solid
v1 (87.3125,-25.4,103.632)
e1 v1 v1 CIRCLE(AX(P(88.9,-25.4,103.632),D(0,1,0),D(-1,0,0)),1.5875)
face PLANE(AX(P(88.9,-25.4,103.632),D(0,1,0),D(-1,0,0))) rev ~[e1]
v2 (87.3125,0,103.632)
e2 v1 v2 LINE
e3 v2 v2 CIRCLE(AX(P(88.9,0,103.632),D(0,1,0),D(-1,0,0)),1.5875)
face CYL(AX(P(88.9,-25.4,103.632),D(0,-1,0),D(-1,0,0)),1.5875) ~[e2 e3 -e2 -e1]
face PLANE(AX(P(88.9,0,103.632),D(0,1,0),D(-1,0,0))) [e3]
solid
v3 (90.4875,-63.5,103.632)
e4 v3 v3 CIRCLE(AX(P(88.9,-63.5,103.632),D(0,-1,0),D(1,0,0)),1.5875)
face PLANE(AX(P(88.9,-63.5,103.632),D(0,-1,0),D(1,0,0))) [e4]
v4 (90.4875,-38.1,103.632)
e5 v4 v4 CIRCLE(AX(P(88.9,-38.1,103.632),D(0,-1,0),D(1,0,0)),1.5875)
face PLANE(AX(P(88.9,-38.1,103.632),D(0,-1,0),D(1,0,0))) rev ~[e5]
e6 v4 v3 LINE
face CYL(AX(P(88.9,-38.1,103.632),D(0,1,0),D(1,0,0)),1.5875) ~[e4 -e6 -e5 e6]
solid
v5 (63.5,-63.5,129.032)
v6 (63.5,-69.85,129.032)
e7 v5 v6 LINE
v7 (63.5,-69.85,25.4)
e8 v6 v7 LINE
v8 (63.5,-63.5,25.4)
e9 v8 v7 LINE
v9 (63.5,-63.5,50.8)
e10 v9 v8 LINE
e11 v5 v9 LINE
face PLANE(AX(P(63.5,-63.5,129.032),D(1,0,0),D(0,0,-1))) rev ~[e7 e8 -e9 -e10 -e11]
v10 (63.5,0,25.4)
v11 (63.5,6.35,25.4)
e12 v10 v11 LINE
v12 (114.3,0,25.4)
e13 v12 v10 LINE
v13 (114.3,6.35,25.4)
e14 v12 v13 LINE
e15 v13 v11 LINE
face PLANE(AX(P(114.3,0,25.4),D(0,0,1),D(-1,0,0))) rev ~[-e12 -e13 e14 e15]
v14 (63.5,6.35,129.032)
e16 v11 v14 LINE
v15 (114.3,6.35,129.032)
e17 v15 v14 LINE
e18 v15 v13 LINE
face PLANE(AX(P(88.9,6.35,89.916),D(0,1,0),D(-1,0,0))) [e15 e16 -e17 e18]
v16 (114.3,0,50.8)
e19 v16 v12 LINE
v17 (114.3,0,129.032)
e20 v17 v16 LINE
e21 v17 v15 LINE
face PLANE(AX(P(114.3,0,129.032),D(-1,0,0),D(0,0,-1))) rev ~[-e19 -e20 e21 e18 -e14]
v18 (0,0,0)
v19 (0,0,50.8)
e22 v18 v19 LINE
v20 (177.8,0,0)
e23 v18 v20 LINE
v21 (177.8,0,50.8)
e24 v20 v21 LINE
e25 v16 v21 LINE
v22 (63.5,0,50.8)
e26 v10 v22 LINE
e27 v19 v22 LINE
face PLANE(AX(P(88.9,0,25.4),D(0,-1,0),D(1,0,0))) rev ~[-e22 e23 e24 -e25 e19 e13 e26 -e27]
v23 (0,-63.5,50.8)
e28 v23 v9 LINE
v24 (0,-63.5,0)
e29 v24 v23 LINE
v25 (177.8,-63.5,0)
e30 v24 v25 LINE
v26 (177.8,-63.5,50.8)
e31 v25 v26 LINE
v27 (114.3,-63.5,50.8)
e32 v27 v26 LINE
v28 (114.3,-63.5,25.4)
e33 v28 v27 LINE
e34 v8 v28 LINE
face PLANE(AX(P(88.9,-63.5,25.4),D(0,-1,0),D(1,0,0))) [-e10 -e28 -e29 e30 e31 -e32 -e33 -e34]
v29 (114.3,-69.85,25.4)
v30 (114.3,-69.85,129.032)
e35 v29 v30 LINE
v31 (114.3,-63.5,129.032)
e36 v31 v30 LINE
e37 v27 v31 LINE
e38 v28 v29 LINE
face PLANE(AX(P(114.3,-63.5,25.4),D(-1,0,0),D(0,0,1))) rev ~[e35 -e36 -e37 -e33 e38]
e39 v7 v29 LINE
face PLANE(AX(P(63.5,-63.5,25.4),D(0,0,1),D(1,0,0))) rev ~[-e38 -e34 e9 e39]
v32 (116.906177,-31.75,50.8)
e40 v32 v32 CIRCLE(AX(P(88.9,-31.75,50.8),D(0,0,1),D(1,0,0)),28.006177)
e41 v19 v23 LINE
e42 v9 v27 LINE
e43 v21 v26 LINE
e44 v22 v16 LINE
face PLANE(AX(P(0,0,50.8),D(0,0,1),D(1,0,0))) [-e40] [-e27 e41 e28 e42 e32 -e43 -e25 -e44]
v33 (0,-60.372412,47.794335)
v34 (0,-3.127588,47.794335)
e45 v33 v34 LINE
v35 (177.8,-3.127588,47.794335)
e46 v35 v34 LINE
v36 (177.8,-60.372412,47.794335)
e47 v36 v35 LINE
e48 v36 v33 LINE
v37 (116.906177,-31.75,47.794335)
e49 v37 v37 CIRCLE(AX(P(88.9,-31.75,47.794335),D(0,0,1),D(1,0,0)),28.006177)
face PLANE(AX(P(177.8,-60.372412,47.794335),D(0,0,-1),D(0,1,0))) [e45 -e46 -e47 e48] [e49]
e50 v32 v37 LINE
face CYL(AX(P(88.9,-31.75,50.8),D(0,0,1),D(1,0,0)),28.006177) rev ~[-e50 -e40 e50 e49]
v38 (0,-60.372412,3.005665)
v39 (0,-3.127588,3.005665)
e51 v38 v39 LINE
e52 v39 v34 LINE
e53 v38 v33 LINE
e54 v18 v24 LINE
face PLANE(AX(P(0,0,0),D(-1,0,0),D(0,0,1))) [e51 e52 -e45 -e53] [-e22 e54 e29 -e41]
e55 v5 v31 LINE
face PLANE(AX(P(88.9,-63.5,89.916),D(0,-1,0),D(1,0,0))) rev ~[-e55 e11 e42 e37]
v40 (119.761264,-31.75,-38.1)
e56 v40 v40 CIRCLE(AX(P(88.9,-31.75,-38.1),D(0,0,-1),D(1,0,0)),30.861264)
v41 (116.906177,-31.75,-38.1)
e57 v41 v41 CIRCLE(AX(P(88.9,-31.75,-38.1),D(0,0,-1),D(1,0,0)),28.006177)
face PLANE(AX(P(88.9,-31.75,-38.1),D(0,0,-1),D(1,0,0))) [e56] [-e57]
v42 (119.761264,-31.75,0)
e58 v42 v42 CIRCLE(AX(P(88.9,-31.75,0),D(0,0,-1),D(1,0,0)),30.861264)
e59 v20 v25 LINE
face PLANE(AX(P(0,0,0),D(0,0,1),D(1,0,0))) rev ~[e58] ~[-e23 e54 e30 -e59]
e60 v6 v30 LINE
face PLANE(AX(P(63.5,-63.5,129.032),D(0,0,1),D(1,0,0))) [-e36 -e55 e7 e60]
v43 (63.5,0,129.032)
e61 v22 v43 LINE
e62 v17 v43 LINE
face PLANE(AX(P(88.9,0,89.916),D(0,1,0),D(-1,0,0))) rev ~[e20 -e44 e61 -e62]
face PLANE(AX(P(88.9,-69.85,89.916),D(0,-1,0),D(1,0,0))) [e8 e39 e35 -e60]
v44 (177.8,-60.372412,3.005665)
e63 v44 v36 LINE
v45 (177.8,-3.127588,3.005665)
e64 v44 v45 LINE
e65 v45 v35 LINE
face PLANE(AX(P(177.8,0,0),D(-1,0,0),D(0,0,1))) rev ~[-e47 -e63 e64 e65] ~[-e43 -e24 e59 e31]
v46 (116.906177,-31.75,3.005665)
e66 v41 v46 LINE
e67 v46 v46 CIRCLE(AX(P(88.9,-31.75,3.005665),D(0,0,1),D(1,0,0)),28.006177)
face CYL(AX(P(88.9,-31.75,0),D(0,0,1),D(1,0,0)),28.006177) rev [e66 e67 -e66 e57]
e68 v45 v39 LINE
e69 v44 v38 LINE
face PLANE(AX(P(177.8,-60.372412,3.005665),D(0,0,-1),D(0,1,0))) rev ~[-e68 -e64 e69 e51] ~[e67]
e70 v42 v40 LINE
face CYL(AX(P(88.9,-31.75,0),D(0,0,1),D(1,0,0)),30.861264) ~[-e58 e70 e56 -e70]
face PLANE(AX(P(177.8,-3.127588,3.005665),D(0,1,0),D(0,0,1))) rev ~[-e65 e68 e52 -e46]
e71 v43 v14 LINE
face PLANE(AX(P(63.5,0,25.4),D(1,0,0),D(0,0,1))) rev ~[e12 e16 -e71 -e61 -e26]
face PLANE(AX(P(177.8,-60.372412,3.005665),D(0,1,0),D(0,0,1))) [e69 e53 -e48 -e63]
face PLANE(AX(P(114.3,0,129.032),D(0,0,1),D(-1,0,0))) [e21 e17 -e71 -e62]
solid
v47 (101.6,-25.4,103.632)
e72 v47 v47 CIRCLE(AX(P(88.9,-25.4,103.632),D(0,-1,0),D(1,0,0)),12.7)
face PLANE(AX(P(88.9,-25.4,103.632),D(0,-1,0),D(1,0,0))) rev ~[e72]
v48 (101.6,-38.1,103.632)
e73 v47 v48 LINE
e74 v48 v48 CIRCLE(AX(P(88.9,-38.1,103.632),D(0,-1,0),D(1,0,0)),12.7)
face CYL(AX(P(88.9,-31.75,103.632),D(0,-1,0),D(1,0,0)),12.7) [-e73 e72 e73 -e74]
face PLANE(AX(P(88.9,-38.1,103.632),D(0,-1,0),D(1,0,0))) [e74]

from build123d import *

# Parameters (mm, degrees)
F0_W      = 177.8
F0_H      = 50.8
F1_DEPTH  = 63.5
F2_W      = 50.8
F2_H      = 78.232
F3_DEPTH  = 6.35
F4_W      = 50.8
F4_H      = 78.232
F4_H_2    = 25.4
F5_DEPTH  = 6.35
F6_W      = 57.2448244095
F6_H      = 44.7886691809
F7_DEPTH  = 177.8
F8_R      = 28.0061768785
F9_DEPTH  = 50.801
F10_R     = 30.8612642365
F10_R_2   = 28.0061768785
F11_DEPTH = 38.1
F14_R     = 12.7
F15_DEPTH = 6.35
F16_R     = 1.5875
F17_DEPTH = 25.4
F18_R     = 1.5875
F19_DEPTH = 25.4


with BuildPart() as f1:
    # F0 (on Front) → F1 (new body)
    with BuildSketch(Plane.XZ):
        with Locations((88.9, 25.4)):
            Rectangle(F0_W, F0_H)
    extrude(amount=F1_DEPTH)

    # F2 (on face) → F3 (join)
    with BuildSketch(Plane.XZ.offset(63.5)):
        with Locations((88.9, 89.916)):
            Rectangle(F2_W, F2_H)
        Polygon((63.5, 25.4), (88.9, 25.4), (114.3, 25.4), (114.3, 50.8), (63.5, 50.8), align=None)
    extrude(amount=F3_DEPTH)

    # F4 (on face) → F5 (join)
    with BuildSketch(Plane(origin=(0, 0, 0), x_dir=(-1, 0, 0), z_dir=(0, 1, 0))):
        with Locations((-88.9, 89.916)):
            Rectangle(F4_W, F4_H)
        with Locations((-88.9, 38.1)):
            Rectangle(F4_W, F4_H_2)
    extrude(amount=F5_DEPTH)

    # F6 (on face) → F7 (cut, through all)
    with BuildSketch(Plane.YZ.offset(177.8)):
        with Locations((-31.75, 25.4)):
            Rectangle(F6_W, F6_H)
    extrude(amount=-F7_DEPTH, mode=Mode.SUBTRACT)

    # F8 (on face) → F9 (cut, through all)
    with BuildSketch(Plane.XY.offset(50.8)):
        with Locations((88.9, -31.75)):
            Circle(F8_R)
    extrude(amount=-F9_DEPTH, mode=Mode.SUBTRACT)

    # F10 (on face) → F11 (join)
    with BuildSketch(Plane(origin=(0, 0, 0), x_dir=(1, 0, 0), z_dir=(0, 0, -1))):
        with Locations((88.9, 31.75)):
            Circle(F10_R)
        with Locations((88.9, 31.75)):
            Circle(F10_R_2, mode=Mode.SUBTRACT)
    extrude(amount=F11_DEPTH)


with BuildPart() as f15:
    # F14 (on plane+point) → F15 (new body, symmetric)
    with BuildSketch(Plane.XZ.offset(31.75)):
        with Locations((88.9, 103.632)):
            Circle(F14_R)
    extrude(amount=F15_DEPTH, both=True)


with BuildPart() as f17:
    # F16 (on face) → F17 (new body, through all)
    with BuildSketch(Plane(origin=(0, -25.4, 0), x_dir=(-1, 0, 0), z_dir=(0, 1, 0))):
        with Locations((-88.9, 103.632)):
            Circle(F16_R)
    extrude(amount=F17_DEPTH)


with BuildPart() as f19:
    # F18 (on face) → F19 (new body, through all)
    with BuildSketch(Plane.XZ.offset(38.1)):
        with Locations((88.9, 103.632)):
            Circle(F18_R)
    extrude(amount=F19_DEPTH)


solid = Compound([f1.part, f15.part, f17.part, f19.part])
